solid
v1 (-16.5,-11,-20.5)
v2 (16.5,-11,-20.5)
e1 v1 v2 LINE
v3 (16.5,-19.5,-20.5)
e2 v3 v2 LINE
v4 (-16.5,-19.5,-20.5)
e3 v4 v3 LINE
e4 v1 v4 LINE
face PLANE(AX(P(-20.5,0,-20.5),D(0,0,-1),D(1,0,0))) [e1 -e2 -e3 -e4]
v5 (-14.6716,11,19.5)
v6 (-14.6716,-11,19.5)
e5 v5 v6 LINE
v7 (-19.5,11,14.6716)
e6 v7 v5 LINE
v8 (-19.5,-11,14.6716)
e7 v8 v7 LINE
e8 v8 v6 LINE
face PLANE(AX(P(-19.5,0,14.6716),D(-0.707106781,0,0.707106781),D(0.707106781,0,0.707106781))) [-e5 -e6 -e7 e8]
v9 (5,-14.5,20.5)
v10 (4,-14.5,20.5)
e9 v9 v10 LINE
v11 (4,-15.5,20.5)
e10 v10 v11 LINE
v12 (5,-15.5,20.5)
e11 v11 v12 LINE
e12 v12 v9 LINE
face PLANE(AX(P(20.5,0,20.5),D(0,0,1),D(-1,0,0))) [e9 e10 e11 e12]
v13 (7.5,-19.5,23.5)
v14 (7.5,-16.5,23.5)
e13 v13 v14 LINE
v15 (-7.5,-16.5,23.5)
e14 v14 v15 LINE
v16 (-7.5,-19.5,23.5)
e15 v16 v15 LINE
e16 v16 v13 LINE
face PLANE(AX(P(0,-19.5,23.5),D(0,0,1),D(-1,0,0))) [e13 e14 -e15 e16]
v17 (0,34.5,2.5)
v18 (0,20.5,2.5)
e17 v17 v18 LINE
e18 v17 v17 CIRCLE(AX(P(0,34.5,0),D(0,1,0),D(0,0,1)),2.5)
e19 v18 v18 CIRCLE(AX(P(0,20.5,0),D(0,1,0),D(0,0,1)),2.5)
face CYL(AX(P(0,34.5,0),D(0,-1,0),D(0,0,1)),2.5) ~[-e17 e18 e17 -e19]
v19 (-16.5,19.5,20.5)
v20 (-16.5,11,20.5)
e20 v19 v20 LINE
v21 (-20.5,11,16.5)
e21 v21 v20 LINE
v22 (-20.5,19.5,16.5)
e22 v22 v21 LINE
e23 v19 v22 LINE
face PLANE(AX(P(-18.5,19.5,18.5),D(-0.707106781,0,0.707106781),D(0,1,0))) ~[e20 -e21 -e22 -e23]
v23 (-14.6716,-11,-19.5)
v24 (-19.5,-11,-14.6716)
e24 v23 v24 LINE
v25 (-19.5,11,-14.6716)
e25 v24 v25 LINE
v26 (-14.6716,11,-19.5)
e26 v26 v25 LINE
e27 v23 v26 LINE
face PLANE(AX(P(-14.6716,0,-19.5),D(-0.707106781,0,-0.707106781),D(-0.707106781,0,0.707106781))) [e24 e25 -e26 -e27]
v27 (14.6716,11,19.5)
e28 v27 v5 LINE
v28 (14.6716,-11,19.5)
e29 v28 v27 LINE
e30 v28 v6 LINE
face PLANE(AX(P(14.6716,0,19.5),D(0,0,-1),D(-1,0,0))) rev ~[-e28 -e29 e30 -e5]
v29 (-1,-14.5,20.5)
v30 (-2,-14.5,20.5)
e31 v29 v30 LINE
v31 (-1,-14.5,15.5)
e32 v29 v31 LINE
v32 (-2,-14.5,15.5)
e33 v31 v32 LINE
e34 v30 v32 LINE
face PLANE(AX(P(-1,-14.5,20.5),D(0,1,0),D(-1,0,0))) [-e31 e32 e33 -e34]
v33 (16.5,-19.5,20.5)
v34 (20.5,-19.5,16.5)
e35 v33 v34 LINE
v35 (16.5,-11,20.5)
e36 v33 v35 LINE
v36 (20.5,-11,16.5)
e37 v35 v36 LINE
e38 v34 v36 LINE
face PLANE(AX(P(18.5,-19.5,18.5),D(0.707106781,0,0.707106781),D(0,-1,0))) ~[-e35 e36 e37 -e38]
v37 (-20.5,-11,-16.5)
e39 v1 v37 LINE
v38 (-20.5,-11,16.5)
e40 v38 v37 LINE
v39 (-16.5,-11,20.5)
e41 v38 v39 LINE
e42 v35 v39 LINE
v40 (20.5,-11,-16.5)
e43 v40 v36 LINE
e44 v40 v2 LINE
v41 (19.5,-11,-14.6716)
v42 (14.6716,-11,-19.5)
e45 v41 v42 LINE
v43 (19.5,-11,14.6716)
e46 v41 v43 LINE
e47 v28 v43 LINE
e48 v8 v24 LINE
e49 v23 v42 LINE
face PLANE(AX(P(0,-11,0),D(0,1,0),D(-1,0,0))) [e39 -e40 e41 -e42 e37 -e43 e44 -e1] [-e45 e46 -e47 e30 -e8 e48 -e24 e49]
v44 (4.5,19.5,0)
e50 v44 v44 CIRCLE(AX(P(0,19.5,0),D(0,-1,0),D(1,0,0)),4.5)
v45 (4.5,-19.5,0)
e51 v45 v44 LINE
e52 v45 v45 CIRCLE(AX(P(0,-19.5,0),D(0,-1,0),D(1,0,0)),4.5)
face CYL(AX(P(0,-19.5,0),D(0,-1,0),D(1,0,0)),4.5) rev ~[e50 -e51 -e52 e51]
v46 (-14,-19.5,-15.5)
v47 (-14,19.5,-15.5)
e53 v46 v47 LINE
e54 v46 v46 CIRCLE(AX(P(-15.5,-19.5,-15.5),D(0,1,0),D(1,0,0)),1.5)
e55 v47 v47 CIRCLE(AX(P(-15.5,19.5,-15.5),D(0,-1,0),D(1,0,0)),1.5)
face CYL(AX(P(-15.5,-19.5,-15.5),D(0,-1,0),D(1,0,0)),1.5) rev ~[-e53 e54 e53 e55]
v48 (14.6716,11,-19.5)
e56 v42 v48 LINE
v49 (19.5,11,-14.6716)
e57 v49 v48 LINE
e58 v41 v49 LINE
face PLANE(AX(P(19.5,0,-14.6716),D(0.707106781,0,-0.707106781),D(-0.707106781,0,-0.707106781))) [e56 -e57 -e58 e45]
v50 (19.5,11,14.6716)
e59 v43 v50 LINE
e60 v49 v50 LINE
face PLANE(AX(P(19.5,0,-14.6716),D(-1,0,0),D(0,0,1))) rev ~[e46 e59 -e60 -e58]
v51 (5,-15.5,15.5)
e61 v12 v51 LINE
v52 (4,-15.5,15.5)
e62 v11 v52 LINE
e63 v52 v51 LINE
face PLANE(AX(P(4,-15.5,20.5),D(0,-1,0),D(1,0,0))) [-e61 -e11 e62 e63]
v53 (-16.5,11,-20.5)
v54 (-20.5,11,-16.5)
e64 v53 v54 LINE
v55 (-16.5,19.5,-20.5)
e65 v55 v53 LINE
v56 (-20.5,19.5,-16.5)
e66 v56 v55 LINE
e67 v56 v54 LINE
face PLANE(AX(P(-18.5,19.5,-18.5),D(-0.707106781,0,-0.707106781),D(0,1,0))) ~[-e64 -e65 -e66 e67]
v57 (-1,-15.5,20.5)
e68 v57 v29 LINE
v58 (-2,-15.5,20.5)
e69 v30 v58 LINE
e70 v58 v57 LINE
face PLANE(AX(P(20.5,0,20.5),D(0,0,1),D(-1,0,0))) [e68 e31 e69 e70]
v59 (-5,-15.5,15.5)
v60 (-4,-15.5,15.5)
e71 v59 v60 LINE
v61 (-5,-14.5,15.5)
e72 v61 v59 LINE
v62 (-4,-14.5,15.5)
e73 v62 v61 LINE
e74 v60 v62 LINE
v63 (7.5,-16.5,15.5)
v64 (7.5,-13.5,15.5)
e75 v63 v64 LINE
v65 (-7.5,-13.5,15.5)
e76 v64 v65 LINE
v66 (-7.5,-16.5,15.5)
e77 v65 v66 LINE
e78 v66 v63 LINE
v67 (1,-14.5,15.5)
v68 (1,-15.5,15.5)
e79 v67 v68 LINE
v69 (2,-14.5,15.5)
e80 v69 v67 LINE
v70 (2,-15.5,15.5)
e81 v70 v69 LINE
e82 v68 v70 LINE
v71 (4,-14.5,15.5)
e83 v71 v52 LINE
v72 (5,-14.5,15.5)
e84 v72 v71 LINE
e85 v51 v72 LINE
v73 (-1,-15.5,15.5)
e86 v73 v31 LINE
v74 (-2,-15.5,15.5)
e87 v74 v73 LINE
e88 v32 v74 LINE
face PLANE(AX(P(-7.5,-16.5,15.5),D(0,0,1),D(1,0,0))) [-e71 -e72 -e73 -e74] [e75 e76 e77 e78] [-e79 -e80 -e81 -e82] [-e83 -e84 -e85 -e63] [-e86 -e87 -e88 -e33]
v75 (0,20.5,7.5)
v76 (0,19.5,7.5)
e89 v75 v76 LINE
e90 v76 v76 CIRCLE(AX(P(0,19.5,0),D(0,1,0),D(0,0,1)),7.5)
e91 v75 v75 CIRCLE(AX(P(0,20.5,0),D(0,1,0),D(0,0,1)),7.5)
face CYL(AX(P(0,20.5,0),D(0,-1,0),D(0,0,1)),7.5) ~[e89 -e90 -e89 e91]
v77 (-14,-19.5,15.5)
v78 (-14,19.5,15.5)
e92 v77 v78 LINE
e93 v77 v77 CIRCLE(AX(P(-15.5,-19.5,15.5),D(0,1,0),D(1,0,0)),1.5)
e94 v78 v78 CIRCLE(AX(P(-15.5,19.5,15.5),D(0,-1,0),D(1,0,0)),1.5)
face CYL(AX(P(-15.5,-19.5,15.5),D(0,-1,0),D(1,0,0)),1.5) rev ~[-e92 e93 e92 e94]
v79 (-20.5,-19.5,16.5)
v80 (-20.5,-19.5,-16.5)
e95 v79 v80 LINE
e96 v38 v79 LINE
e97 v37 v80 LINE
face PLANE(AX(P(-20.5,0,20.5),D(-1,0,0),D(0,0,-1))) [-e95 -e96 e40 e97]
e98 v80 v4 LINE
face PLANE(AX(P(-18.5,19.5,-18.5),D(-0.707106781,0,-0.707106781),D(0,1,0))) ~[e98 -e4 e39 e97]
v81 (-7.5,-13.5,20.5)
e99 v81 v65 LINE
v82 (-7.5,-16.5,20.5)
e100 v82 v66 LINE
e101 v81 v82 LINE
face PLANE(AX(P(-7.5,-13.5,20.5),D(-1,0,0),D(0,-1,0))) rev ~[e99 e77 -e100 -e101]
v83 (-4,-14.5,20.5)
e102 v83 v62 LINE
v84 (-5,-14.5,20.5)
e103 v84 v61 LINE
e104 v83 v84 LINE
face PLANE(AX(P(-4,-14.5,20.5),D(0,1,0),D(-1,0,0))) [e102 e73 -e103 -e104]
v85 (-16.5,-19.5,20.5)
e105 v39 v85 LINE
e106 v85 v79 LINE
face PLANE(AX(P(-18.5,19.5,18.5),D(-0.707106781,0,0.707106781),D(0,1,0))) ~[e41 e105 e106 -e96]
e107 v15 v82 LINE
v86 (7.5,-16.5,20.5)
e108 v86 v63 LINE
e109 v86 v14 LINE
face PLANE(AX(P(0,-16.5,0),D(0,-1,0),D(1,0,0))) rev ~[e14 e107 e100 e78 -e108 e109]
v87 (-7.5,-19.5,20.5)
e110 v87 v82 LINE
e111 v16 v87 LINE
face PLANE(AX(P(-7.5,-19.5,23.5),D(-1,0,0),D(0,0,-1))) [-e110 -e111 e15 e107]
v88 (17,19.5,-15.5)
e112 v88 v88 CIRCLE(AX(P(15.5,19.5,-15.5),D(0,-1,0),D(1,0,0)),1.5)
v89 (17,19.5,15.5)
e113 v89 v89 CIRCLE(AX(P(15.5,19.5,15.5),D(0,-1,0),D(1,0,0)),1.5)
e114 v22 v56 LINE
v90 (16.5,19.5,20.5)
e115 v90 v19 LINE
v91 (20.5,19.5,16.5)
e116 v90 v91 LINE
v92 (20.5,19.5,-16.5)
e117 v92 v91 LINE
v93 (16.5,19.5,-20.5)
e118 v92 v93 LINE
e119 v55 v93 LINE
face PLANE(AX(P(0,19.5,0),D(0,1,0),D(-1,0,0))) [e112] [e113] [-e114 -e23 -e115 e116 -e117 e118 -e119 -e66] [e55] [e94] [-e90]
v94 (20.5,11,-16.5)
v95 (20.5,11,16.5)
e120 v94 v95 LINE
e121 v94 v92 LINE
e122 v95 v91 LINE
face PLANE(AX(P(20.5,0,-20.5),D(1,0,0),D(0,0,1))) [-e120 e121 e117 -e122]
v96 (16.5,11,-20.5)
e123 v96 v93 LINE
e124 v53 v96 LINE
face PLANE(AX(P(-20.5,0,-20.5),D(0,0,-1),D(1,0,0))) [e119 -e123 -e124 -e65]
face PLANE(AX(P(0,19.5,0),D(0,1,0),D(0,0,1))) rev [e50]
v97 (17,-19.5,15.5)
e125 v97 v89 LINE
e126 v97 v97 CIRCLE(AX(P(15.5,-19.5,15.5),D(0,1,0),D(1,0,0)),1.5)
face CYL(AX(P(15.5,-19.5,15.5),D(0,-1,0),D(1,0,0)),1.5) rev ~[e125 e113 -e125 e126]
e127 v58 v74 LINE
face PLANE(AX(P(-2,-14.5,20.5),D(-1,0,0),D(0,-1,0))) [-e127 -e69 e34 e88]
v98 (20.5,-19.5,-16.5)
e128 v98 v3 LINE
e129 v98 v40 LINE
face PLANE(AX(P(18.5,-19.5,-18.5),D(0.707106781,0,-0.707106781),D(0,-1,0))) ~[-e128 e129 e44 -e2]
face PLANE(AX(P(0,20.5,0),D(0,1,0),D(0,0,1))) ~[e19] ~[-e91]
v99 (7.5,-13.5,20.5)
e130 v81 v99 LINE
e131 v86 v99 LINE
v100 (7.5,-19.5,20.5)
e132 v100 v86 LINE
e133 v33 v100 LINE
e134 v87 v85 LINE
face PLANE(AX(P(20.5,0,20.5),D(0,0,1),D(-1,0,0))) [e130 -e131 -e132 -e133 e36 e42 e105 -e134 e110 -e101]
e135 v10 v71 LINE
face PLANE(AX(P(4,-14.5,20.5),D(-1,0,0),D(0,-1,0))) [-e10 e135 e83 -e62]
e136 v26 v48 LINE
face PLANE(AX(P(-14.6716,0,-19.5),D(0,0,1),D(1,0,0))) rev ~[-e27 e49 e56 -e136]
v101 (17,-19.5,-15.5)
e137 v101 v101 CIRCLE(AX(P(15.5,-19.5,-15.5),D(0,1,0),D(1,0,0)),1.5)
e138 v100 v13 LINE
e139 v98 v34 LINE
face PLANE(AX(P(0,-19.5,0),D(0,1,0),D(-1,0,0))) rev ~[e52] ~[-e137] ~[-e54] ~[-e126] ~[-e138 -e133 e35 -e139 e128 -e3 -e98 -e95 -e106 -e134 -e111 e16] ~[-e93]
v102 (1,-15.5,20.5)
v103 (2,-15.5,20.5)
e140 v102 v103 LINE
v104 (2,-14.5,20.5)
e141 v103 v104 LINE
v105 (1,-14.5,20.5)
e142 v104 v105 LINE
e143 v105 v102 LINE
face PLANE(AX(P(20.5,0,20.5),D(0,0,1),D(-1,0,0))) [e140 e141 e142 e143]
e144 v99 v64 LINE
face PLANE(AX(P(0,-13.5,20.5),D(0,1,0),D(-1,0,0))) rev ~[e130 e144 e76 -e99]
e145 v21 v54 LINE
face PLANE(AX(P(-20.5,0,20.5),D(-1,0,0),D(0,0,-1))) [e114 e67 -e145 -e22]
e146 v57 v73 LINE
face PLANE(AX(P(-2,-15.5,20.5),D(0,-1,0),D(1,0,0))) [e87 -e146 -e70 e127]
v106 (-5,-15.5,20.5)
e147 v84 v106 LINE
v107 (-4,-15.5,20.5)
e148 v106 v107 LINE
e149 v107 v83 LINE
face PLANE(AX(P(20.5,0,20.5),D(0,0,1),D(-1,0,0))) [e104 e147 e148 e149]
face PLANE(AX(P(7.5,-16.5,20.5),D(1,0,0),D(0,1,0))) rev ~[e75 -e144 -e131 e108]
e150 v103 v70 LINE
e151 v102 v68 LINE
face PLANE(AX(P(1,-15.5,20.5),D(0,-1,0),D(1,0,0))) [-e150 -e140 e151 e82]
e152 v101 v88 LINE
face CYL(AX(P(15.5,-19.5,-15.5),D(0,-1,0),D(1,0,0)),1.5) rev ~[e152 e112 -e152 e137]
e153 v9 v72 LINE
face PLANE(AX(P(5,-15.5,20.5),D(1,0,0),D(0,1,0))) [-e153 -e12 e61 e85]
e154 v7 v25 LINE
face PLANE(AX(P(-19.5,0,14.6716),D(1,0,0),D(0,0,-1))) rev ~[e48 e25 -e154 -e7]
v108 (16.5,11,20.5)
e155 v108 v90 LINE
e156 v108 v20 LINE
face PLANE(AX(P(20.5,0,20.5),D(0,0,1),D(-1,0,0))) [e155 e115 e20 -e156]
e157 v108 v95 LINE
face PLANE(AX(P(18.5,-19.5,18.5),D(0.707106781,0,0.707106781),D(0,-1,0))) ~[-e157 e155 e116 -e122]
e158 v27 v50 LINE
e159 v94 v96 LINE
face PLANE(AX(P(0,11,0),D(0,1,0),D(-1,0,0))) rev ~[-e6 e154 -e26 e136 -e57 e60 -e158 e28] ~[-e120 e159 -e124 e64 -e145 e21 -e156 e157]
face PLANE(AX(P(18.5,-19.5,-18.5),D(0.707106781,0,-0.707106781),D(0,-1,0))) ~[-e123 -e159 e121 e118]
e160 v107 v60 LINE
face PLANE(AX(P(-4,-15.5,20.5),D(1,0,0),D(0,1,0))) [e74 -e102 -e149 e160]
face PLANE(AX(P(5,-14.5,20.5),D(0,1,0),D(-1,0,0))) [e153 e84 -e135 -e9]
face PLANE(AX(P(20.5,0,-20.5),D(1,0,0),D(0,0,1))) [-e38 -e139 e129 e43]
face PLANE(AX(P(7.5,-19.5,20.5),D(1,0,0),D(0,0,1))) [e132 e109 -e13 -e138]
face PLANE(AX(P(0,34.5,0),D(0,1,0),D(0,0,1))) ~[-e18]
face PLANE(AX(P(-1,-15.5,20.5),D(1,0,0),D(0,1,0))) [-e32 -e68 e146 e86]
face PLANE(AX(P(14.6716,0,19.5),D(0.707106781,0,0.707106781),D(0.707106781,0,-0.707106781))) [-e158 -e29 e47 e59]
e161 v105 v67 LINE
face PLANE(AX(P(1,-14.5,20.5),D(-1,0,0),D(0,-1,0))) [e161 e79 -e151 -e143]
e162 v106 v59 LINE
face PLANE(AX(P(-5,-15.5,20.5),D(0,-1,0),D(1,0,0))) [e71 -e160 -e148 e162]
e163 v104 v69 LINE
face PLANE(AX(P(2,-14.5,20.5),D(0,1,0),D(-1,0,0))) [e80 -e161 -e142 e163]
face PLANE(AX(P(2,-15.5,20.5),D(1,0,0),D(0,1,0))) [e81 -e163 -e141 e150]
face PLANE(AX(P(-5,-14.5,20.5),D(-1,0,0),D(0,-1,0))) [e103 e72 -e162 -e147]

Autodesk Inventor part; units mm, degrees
ref_plane "YZ Plane" through (0, 0, 0) normal (1, 0, 0) x (0, 1, 0)
ref_plane "XZ Plane" through (0, 0, 0) normal (0, 1, 0) x (-1, 0, 0)
ref_plane "XY Plane" through (0, 0, 0) normal (0, 0, 1) x (1, 0, 0)
sketch "Skizze1" plane through (0, 0, 0) normal (0, 1, 0) x (-1, 0, 0)
  line L0 (-20.5, 20.5) -> (20.5, 20.5)
  line L1 (20.5, 20.5) -> (20.5, -20.5)
  line L2 (20.5, -20.5) -> (-20.5, -20.5)
  line L3 (-20.5, -20.5) -> (-20.5, 20.5)
  line L4 (-20.5, 20.5) -> (20.5, -20.5) construction
  line L5 (20.5, 20.5) -> (-20.5, -20.5) construction
  point P0 (0, 0)
  dimension "d0" = 41
  dimension "d1" = 41
extrude "Extrusion1" add sketch "Skizze1" along normal mid plane 39
sketch "Skizze2" plane through (0, -19.5, 0) normal (0, -1, 0) x (1, 0, 0)
  line L0 (-20.5, 20.5) -> (20.5, 20.5) projected
  line L1 (-7.5, 20.5) -> (7.5, 20.5)
  line L2 (7.5, 20.5) -> (7.5, 23.5)
  line L3 (7.5, 23.5) -> (-7.5, 23.5)
  line L4 (-7.5, 23.5) -> (-7.5, 20.5)
  line L5 (0, -29.3) -> (0, 32.3) projected
  point P0 (0, 0)
  dimension "d4" = 15
  dimension "d5" = 3
extrude "Extrusion2" add sketch "Skizze2" against normal blind 3
sketch "Skizze3" plane through (0, -19.5, 0) normal (0, -1, 0) x (1, 0, 0)
  line L0 (-15.5, -15.5) -> (15.5, -15.5)
  line L1 (15.5, -15.5) -> (15.5, 15.5)
  line L2 (15.5, 15.5) -> (-15.5, 15.5)
  line L3 (-15.5, 15.5) -> (-15.5, -15.5)
  line L4 (-15.5, -15.5) -> (15.5, 15.5) construction
  line L5 (15.5, -15.5) -> (-15.5, 15.5) construction
  circle A0 centre (-15.5, 15.5) radius 1.5
  circle A1 centre (15.5, 15.5) radius 1.5
  circle A2 centre (15.5, -15.5) radius 1.5
  circle A3 centre (-15.5, -15.5) radius 1.5
  circle A4 centre (0, 0) radius 4.5
  dimension "d8" = 31
  dimension "d9" = 31
  dimension "d10" = 3
  dimension "d11" = 9
extrude "Extrusion3" cut sketch "Skizze3" along normal through all both and the other way through all contours L3 A3 L0 | L0 A3 L3 | A2 L1 L0 | L0 L1 A2 | A0 L2 L3 | L3 L2 A0 | A1 L2 L1 | L1 L2 A1 | A4
chamfer "Fase1" distance 4 angle 45 4 edges at (20.5, 0, 20.5) (-20.5, 0, 20.5) (20.5, 0, -20.5) (-20.5, 0, -20.5)
sketch "Skizze4" plane through (0, 0, 0) normal (0, 1, 0) x (-1, 0, 0)
  line L0 (19.5, 14.6716) -> (14.6716, 19.5)
  line L1 (-14.6716, 19.5) -> (-19.5, 14.6716)
  line L2 (-19.5, -14.6716) -> (-14.6716, -19.5)
  line L3 (14.6716, -19.5) -> (19.5, -14.6716)
  line L4 (25.5, -25.5) -> (-25.5, -25.5)
  line L5 (-25.5, -25.5) -> (-25.5, 25.5)
  line L6 (-25.5, 25.5) -> (25.5, 25.5)
  line L7 (25.5, 25.5) -> (25.5, -25.5)
  line L8 (25.5, -25.5) -> (-25.5, 25.5) construction
  line L9 (-25.5, -25.5) -> (25.5, 25.5) construction
  line L10 (-20.5, 16.5) -> (-16.5, 20.5) projected
  line L11 (-16.5, -20.5) -> (-20.5, -16.5) projected
  line L12 (20.5, -16.5) -> (16.5, -20.5) projected
  line L13 (16.5, 20.5) -> (20.5, 16.5) projected
  line L14 (19.5, 14.6716) -> (19.5, -14.6716)
  line L15 (14.6716, -19.5) -> (-14.6716, -19.5)
  line L16 (-19.5, -14.6716) -> (-19.5, 14.6716)
  line L17 (-14.6716, 19.5) -> (14.6716, 19.5)
  line L18 (16.5, 20.5) -> (-16.5, 20.5) projected
  line L19 (-20.5, 16.5) -> (-20.5, -16.5) projected
  line L20 (-16.5, -20.5) -> (16.5, -20.5) projected
  line L21 (20.5, -16.5) -> (20.5, 16.5) projected
  point P0 (0, 0)
  dimension "d21" = 2
  dimension "d22" = 1
  dimension "d24" = 1
  dimension "d25" = 1
extrude "Extrusion4" cut sketch "Skizze4" along normal mid plane 22 contours L4 L5 L6 L7 | L10 L18 L13 L21 L12 L20 L11 L19
sketch "Skizze6" plane through (-7.5, -16.5, 20.5) normal (0, 0, 1) x (1, 0, 0)
  line L0 (0, 0) -> (15, 0)
  line L1 (15, 0) -> (15, 3)
  line L2 (15, 3) -> (0, 3)
  line L3 (0, 3) -> (0, 0)
  line L4 (15, -3) -> (15, 0) projected
  line L5 (0, -3) -> (0, 0) projected
  line L6 (0, 0) -> (15, 0) projected
  line L7 (2.5, 1) -> (3.5, 1)
  line L8 (3.5, 1) -> (3.5, 2)
  line L9 (3.5, 2) -> (2.5, 2)
  line L10 (2.5, 2) -> (2.5, 1)
  line L11 (2.5, 1) -> (3.5, 2) construction
  line L12 (3.5, 1) -> (2.5, 2) construction
  line L13 (5.5, 1) -> (6.5, 1)
  line L14 (6.5, 1) -> (6.5, 2)
  line L15 (6.5, 2) -> (5.5, 2)
  line L16 (5.5, 2) -> (5.5, 1)
  line L17 (5.5, 1) -> (6.5, 2) construction
  line L18 (6.5, 1) -> (5.5, 2) construction
  line L19 (8.5, 1) -> (9.5, 1)
  line L20 (9.5, 1) -> (9.5, 2)
  line L21 (9.5, 2) -> (8.5, 2)
  line L22 (8.5, 2) -> (8.5, 1)
  line L23 (8.5, 1) -> (9.5, 2) construction
  line L24 (9.5, 1) -> (8.5, 2) construction
  line L25 (11.5, 1) -> (12.5, 1)
  line L26 (12.5, 1) -> (12.5, 2)
  line L27 (12.5, 2) -> (11.5, 2)
  line L28 (11.5, 2) -> (11.5, 1)
  line L29 (11.5, 1) -> (12.5, 2) construction
  line L30 (12.5, 1) -> (11.5, 2) construction
  line L31 (7.5, -10.8) -> (7.5, 43.8) projected
  point P0 (7.5, 16.5)
  point P1 (3, 1.5)
  point P2 (6, 1.5)
  point P3 (9, 1.5)
  point P4 (12, 1.5)
  point P5 (12, 1.5)
  point P6 (15, 1.5)
  dimension "d29" = 3
  dimension "d30" = 3
  dimension "d31" = 3
  dimension "d32" = 1
  dimension "d33" = 1
extrude "Extrusion6" cut sketch "Skizze6" against normal blind 5
sketch "Skizze7" plane through (0, 0, 0) normal (1, 0, 0) x (0, 1, 0)
  line L0 (34.5, 0) -> (34.5, 2.5)
  line L1 (34.5, 2.5) -> (20.5, 2.5)
  line L2 (20.5, 2.5) -> (20.5, 7.5)
  line L3 (20.5, 7.5) -> (19.5, 7.5)
  line L4 (19.5, -16.5) -> (19.5, 16.5) projected
  line L5 (19.5, 0) -> (34.5, 0)
  line L6 (19.5, 0) -> (19.5, 7.5)
  line L7 (38.5419, 0) -> (33.7383, 0)
  point P0 (0, 0)
  dimension "d37" = 5
  dimension "d38" = 1
  dimension "d39" = 15
  dimension "d40" = 15
revolve "Umdrehung1" add sketch "Skizze7" angle 360 about axis through (0, 19.5, 0) along (0, 1, 0)
equation "\"d24\" = d22"
equation "\"d25\" = d22"
equation "\"d31\" = d30"
equation "\"d33\" = d32"
properties part number "MotorBlock"
